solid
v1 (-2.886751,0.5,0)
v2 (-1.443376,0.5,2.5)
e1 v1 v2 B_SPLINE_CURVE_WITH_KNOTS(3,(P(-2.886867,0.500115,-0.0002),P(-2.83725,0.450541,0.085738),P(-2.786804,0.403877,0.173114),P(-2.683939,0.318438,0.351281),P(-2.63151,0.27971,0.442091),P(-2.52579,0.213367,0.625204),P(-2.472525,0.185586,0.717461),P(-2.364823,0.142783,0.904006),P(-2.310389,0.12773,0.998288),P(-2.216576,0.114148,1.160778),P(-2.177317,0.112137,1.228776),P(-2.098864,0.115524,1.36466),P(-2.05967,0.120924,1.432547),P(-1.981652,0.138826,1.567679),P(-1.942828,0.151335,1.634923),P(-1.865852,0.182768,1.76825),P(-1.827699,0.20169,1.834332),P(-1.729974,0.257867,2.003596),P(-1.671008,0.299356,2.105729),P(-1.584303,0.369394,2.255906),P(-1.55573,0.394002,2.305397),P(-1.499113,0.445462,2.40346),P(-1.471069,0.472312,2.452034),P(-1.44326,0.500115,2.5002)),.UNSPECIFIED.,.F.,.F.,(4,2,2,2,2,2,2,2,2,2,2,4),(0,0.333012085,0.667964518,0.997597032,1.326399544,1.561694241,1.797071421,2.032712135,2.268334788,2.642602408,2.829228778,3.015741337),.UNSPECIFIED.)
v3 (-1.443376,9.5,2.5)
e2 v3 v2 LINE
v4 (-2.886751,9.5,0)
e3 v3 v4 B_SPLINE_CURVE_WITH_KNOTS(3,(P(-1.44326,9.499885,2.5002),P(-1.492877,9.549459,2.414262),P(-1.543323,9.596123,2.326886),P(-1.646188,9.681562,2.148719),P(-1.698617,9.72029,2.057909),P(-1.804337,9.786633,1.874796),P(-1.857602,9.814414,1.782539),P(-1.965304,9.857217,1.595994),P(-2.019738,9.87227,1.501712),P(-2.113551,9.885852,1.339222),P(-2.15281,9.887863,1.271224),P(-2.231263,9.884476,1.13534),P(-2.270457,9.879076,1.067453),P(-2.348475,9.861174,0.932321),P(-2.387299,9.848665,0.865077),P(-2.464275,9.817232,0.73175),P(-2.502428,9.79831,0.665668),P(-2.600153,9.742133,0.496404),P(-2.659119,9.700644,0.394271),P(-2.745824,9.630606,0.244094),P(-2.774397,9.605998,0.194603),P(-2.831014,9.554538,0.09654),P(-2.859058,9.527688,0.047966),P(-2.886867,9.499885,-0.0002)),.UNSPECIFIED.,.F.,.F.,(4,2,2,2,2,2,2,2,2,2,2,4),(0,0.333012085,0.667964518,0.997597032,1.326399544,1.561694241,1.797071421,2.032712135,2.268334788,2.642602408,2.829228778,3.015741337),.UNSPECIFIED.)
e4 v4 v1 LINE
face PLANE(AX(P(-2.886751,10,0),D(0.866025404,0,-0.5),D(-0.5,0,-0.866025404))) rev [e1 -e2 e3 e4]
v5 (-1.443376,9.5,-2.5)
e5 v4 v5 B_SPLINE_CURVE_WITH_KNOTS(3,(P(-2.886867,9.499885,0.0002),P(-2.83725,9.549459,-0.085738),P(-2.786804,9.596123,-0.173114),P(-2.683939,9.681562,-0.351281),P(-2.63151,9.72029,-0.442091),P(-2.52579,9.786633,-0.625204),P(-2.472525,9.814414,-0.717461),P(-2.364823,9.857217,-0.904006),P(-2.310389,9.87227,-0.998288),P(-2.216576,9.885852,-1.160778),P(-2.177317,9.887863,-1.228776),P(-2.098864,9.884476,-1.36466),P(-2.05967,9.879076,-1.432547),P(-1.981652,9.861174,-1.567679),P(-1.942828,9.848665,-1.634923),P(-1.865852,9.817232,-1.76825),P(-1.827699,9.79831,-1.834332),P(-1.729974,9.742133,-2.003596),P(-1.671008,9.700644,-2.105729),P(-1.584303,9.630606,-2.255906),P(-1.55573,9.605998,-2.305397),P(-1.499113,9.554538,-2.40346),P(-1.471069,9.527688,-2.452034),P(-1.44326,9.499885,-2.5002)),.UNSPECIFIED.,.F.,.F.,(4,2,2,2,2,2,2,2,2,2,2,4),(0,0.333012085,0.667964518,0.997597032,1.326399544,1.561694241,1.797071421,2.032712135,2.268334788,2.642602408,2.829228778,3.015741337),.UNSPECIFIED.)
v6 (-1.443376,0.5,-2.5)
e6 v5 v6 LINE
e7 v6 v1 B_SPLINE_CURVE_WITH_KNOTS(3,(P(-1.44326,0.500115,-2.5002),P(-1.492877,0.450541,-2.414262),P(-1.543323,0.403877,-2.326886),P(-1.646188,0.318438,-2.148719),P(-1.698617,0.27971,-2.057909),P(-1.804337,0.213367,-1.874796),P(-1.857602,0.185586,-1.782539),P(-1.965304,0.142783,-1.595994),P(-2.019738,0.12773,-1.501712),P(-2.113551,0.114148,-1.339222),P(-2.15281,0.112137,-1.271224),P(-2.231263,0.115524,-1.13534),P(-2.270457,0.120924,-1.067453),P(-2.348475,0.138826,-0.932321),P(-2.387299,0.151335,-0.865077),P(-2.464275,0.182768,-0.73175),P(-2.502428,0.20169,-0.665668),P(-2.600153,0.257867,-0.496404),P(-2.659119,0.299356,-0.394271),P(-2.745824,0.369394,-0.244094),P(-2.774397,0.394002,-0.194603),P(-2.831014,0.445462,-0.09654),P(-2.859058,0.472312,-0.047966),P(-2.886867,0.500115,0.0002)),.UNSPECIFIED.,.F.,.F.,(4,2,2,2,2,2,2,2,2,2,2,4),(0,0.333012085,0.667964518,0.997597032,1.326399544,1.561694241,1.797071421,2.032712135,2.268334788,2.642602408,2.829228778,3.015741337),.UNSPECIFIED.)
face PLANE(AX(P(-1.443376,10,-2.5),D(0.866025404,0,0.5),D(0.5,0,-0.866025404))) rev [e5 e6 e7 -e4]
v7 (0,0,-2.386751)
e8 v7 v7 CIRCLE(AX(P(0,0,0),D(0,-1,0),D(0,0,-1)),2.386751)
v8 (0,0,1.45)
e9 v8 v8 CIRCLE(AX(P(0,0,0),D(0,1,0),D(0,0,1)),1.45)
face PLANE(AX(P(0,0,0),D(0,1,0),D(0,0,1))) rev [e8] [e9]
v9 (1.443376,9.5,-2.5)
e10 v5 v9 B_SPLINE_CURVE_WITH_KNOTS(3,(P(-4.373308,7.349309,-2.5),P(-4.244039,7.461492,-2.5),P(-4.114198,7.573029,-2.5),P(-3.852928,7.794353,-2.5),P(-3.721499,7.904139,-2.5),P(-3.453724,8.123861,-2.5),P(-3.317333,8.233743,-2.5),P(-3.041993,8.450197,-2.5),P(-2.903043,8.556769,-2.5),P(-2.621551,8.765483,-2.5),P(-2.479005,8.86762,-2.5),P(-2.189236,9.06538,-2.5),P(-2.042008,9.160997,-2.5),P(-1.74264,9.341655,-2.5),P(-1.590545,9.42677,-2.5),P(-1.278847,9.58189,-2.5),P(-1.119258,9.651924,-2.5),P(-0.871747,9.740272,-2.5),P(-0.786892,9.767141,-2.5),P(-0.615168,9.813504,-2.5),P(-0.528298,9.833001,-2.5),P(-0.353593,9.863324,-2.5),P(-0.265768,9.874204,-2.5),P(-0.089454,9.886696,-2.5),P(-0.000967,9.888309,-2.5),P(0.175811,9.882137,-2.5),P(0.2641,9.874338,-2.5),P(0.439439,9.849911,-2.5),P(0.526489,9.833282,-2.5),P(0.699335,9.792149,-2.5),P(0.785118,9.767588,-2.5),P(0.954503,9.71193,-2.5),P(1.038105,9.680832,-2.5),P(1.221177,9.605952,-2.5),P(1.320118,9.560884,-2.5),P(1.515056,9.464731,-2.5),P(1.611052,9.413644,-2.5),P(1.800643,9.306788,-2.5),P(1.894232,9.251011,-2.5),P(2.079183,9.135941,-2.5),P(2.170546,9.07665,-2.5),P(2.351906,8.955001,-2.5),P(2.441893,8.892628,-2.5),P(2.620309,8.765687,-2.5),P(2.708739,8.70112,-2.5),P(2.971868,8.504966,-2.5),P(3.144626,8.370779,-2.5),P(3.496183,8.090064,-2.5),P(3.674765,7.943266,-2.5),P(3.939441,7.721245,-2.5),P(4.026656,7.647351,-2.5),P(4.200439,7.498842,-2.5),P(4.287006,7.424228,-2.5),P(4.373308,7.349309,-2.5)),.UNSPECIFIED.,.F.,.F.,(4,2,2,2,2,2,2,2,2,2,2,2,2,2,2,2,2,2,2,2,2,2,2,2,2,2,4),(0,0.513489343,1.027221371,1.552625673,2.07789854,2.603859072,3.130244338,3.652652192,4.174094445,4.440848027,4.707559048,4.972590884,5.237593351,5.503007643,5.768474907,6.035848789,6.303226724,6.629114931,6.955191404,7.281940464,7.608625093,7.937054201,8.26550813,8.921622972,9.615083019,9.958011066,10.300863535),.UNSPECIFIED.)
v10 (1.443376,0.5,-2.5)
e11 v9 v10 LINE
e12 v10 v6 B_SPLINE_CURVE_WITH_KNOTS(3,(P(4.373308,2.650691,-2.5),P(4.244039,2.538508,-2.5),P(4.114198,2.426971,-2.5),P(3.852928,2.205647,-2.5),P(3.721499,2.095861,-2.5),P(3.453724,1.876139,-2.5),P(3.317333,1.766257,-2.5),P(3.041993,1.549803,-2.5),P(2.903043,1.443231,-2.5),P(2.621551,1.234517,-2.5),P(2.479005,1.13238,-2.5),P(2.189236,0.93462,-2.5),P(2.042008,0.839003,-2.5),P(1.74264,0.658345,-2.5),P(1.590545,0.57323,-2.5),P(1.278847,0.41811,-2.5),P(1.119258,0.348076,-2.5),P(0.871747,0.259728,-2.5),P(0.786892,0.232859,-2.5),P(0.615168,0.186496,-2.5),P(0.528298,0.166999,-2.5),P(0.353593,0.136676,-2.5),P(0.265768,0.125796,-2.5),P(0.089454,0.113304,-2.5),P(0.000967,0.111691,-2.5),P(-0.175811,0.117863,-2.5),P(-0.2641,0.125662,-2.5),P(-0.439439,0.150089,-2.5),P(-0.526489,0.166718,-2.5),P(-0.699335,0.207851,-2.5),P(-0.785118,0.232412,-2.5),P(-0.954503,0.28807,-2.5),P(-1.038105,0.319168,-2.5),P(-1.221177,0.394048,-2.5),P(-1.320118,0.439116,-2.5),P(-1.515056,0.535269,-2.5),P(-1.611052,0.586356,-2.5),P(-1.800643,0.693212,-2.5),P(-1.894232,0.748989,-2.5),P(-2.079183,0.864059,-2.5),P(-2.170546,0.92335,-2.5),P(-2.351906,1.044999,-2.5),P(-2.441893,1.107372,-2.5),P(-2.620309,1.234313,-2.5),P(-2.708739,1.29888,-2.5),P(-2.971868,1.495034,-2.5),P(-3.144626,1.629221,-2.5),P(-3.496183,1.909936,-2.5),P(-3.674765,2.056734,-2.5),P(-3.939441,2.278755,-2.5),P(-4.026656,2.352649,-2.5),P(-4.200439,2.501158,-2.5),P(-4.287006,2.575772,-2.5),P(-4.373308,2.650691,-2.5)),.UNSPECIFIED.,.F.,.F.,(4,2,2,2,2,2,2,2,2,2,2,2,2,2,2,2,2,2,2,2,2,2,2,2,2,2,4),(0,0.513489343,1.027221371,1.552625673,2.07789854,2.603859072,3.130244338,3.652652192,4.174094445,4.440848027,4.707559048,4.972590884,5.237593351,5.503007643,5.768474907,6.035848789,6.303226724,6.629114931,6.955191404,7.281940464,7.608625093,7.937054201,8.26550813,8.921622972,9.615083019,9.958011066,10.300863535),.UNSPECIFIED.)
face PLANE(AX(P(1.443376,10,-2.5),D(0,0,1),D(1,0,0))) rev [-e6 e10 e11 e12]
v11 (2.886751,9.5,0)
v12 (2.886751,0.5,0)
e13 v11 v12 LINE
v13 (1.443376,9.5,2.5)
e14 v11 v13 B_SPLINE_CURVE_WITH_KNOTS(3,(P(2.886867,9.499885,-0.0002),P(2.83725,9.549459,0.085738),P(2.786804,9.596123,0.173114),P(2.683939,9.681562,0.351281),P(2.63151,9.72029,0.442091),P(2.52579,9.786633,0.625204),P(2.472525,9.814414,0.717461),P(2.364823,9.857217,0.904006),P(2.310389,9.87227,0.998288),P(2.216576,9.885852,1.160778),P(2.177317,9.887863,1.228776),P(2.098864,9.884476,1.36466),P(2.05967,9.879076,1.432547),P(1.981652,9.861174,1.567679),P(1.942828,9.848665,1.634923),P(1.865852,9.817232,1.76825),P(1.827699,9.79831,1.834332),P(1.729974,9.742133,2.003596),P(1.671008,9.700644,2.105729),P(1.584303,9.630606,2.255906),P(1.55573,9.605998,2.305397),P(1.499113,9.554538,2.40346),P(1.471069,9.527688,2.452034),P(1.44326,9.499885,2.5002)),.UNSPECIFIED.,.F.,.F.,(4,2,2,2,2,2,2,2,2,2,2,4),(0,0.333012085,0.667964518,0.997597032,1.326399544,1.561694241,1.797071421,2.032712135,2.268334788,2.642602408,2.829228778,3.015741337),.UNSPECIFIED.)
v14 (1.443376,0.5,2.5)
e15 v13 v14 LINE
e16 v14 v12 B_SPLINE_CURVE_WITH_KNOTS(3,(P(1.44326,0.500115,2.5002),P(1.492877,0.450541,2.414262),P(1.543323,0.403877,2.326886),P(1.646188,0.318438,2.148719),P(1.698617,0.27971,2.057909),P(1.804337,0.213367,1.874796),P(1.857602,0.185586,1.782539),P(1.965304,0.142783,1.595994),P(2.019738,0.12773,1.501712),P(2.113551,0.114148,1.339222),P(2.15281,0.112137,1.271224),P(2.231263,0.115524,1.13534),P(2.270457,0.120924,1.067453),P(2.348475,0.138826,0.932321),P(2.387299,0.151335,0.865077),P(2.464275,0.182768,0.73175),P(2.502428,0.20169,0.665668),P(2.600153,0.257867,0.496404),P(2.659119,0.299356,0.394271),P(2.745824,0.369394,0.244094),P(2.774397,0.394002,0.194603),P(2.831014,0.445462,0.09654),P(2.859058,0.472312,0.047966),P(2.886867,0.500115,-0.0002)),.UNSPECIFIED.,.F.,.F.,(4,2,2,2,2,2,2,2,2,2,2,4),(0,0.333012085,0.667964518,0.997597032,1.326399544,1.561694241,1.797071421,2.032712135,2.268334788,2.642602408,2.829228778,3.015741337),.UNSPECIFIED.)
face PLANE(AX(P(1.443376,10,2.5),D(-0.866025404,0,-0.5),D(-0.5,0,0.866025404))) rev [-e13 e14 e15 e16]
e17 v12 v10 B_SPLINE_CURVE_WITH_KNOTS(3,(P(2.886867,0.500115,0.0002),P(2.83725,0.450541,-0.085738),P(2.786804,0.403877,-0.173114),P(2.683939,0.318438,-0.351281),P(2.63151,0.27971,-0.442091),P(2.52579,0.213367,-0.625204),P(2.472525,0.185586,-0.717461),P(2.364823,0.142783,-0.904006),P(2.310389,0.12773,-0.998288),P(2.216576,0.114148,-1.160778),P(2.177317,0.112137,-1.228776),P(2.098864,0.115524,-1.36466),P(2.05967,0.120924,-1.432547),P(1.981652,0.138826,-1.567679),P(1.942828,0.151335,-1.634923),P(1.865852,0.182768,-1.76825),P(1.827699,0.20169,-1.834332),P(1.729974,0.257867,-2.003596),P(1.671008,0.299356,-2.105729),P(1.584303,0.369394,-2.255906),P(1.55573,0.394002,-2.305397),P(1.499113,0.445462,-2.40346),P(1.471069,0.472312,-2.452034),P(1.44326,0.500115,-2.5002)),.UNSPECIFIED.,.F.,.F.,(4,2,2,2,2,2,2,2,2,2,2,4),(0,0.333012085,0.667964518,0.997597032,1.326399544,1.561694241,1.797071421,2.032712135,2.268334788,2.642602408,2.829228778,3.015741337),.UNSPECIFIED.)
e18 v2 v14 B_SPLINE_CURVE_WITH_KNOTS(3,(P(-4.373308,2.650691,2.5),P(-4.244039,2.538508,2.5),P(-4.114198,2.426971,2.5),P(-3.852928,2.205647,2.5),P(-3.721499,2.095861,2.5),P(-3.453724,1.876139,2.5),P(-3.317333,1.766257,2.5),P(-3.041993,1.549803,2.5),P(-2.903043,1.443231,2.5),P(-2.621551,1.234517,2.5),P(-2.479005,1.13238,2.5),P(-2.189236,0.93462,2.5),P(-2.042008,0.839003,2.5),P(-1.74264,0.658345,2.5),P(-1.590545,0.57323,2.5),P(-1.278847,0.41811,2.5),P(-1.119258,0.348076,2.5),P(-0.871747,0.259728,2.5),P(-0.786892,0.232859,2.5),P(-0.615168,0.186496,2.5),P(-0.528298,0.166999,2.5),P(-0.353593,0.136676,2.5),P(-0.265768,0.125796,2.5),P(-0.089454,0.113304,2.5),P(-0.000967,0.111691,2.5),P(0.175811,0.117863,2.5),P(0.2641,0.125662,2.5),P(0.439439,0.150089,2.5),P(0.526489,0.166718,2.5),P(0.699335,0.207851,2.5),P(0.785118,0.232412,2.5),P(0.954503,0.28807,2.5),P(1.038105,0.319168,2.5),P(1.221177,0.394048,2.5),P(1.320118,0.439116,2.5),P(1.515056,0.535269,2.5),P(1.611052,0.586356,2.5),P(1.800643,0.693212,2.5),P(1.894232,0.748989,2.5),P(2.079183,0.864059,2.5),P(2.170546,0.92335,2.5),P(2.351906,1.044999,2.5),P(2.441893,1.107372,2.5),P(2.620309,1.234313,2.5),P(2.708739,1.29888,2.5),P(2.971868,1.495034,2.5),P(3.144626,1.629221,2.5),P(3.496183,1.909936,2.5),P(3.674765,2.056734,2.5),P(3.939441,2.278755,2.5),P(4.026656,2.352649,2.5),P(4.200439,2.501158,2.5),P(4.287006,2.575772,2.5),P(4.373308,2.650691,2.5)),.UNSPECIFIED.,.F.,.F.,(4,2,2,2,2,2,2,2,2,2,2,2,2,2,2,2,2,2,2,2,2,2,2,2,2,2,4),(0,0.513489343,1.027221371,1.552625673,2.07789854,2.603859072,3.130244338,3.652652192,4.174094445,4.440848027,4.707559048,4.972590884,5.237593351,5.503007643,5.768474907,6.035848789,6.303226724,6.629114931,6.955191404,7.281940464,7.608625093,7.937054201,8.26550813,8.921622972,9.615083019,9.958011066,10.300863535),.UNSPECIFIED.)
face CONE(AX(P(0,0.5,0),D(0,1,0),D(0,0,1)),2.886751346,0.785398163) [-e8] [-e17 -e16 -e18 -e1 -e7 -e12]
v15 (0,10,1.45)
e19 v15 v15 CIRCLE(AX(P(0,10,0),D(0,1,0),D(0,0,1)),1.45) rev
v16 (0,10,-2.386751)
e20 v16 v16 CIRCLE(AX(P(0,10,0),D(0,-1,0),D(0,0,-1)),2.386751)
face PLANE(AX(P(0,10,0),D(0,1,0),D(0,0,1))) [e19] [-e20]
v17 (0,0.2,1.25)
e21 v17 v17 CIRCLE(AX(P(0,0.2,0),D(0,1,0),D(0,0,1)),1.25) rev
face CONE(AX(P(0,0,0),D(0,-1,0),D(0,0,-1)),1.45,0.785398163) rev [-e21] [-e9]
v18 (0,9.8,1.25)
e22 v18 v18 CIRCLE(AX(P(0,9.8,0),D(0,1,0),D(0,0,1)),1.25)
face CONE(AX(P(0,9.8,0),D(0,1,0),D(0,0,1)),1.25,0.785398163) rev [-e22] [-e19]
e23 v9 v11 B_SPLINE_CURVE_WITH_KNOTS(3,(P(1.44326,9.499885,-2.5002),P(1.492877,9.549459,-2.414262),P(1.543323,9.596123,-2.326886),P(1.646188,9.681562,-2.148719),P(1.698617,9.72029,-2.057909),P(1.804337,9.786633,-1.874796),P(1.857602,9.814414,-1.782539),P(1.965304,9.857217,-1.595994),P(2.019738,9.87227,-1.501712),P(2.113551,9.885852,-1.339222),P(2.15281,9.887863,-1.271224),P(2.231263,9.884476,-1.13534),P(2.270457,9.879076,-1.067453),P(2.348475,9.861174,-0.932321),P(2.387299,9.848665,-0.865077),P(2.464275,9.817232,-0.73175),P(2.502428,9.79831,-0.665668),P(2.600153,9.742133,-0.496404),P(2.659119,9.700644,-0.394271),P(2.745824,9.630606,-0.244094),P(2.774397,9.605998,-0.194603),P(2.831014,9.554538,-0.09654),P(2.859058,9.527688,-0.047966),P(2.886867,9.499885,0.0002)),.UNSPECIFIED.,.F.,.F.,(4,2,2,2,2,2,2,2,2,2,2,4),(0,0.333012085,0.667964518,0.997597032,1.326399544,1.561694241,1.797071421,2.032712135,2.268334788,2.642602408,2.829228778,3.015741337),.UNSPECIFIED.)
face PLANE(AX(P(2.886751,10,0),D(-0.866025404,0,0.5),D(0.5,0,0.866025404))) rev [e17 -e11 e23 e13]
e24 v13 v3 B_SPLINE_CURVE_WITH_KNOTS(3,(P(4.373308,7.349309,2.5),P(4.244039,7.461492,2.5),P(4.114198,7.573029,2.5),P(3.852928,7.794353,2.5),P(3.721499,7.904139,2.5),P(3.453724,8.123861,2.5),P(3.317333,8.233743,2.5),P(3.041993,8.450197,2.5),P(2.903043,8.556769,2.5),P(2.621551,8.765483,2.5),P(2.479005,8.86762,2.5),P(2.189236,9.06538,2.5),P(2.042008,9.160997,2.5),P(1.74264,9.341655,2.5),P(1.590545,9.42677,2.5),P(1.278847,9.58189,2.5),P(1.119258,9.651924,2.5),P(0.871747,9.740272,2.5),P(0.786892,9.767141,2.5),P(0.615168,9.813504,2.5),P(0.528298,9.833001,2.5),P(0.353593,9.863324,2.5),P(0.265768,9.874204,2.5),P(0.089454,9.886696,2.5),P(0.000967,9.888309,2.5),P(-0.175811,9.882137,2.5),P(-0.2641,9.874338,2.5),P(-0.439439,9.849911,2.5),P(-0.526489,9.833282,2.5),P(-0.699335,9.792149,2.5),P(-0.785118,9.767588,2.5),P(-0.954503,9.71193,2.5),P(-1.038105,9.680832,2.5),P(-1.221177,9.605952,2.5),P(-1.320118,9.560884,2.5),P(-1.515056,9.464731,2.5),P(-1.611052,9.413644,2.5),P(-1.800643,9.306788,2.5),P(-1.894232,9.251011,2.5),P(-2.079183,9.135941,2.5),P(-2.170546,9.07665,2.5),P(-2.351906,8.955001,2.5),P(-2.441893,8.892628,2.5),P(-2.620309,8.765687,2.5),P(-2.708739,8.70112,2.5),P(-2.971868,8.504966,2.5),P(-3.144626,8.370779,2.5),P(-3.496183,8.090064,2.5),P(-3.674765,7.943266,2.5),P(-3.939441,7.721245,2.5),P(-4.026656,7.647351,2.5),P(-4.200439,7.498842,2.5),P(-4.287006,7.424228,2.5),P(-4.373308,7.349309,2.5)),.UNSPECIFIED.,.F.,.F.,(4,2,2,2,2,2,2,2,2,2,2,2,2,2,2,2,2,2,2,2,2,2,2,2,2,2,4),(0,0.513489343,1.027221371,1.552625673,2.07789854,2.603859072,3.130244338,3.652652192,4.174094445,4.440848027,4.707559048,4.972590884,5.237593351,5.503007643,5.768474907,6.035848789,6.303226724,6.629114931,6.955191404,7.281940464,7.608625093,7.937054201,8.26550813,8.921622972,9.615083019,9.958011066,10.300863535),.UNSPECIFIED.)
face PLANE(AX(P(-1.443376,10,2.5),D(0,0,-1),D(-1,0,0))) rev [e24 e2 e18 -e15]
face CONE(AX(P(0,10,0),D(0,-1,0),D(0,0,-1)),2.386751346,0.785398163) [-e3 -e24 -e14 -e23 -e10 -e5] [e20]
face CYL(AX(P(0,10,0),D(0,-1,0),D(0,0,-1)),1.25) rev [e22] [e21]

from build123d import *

# Parameters (mm, degrees)
SKETCH1_R           = 1.25
BOSS_EXTRUDE1_DEPTH = 10
CHAMFER1_SIZE       = 0.2


with BuildPart() as part:
    # Sketch1 → Boss-Extrude1 (new body)
    with BuildSketch(Plane(origin=(0, 0, 0), x_dir=(1, 0, 0), z_dir=(0, 1, 0))):
        Polygon((1.443375673, 2.5), (-1.443375673, 2.5), (-2.886751346, 0), (-1.443375673, -2.5), (1.443375673, -2.5), (2.886751346, 0), align=None)
        with Locations(Location((0, 0, 0), (0, 0, 270))):  # turned: the seam where the file's is
            Circle(SKETCH1_R, mode=Mode.SUBTRACT)
    extrude(amount=BOSS_EXTRUDE1_DEPTH)

    # Chamfer1
    chamfer1_edges = [part.edges().sort_by_distance(p)[0] for p in [
        (0, 0, -1.25),
        (0, 10, -1.25),
    ]]
    chamfer(chamfer1_edges, length=CHAMFER1_SIZE)

    # Sketch2 → Cut-Revolve1 (revolve, cut)
    with BuildSketch(Plane.XY, mode=Mode.PRIVATE) as cut_revolve1_sk:
        Polygon((2.386751346, 10), (2.886751346, 9.5), (2.886751346, 10), align=None)
        Polygon((2.386751346, 0), (2.886751346, 0), (2.886751346, 0.5), align=None)
    revolve(cut_revolve1_sk.sketch.rotate(Axis((0, 0, 0), (0, 1, 0)), 270), axis=Axis((0, 0, 0), (0, 1, 0)), mode=Mode.SUBTRACT)  # turned: the seam where the file's is


solid = part.part
